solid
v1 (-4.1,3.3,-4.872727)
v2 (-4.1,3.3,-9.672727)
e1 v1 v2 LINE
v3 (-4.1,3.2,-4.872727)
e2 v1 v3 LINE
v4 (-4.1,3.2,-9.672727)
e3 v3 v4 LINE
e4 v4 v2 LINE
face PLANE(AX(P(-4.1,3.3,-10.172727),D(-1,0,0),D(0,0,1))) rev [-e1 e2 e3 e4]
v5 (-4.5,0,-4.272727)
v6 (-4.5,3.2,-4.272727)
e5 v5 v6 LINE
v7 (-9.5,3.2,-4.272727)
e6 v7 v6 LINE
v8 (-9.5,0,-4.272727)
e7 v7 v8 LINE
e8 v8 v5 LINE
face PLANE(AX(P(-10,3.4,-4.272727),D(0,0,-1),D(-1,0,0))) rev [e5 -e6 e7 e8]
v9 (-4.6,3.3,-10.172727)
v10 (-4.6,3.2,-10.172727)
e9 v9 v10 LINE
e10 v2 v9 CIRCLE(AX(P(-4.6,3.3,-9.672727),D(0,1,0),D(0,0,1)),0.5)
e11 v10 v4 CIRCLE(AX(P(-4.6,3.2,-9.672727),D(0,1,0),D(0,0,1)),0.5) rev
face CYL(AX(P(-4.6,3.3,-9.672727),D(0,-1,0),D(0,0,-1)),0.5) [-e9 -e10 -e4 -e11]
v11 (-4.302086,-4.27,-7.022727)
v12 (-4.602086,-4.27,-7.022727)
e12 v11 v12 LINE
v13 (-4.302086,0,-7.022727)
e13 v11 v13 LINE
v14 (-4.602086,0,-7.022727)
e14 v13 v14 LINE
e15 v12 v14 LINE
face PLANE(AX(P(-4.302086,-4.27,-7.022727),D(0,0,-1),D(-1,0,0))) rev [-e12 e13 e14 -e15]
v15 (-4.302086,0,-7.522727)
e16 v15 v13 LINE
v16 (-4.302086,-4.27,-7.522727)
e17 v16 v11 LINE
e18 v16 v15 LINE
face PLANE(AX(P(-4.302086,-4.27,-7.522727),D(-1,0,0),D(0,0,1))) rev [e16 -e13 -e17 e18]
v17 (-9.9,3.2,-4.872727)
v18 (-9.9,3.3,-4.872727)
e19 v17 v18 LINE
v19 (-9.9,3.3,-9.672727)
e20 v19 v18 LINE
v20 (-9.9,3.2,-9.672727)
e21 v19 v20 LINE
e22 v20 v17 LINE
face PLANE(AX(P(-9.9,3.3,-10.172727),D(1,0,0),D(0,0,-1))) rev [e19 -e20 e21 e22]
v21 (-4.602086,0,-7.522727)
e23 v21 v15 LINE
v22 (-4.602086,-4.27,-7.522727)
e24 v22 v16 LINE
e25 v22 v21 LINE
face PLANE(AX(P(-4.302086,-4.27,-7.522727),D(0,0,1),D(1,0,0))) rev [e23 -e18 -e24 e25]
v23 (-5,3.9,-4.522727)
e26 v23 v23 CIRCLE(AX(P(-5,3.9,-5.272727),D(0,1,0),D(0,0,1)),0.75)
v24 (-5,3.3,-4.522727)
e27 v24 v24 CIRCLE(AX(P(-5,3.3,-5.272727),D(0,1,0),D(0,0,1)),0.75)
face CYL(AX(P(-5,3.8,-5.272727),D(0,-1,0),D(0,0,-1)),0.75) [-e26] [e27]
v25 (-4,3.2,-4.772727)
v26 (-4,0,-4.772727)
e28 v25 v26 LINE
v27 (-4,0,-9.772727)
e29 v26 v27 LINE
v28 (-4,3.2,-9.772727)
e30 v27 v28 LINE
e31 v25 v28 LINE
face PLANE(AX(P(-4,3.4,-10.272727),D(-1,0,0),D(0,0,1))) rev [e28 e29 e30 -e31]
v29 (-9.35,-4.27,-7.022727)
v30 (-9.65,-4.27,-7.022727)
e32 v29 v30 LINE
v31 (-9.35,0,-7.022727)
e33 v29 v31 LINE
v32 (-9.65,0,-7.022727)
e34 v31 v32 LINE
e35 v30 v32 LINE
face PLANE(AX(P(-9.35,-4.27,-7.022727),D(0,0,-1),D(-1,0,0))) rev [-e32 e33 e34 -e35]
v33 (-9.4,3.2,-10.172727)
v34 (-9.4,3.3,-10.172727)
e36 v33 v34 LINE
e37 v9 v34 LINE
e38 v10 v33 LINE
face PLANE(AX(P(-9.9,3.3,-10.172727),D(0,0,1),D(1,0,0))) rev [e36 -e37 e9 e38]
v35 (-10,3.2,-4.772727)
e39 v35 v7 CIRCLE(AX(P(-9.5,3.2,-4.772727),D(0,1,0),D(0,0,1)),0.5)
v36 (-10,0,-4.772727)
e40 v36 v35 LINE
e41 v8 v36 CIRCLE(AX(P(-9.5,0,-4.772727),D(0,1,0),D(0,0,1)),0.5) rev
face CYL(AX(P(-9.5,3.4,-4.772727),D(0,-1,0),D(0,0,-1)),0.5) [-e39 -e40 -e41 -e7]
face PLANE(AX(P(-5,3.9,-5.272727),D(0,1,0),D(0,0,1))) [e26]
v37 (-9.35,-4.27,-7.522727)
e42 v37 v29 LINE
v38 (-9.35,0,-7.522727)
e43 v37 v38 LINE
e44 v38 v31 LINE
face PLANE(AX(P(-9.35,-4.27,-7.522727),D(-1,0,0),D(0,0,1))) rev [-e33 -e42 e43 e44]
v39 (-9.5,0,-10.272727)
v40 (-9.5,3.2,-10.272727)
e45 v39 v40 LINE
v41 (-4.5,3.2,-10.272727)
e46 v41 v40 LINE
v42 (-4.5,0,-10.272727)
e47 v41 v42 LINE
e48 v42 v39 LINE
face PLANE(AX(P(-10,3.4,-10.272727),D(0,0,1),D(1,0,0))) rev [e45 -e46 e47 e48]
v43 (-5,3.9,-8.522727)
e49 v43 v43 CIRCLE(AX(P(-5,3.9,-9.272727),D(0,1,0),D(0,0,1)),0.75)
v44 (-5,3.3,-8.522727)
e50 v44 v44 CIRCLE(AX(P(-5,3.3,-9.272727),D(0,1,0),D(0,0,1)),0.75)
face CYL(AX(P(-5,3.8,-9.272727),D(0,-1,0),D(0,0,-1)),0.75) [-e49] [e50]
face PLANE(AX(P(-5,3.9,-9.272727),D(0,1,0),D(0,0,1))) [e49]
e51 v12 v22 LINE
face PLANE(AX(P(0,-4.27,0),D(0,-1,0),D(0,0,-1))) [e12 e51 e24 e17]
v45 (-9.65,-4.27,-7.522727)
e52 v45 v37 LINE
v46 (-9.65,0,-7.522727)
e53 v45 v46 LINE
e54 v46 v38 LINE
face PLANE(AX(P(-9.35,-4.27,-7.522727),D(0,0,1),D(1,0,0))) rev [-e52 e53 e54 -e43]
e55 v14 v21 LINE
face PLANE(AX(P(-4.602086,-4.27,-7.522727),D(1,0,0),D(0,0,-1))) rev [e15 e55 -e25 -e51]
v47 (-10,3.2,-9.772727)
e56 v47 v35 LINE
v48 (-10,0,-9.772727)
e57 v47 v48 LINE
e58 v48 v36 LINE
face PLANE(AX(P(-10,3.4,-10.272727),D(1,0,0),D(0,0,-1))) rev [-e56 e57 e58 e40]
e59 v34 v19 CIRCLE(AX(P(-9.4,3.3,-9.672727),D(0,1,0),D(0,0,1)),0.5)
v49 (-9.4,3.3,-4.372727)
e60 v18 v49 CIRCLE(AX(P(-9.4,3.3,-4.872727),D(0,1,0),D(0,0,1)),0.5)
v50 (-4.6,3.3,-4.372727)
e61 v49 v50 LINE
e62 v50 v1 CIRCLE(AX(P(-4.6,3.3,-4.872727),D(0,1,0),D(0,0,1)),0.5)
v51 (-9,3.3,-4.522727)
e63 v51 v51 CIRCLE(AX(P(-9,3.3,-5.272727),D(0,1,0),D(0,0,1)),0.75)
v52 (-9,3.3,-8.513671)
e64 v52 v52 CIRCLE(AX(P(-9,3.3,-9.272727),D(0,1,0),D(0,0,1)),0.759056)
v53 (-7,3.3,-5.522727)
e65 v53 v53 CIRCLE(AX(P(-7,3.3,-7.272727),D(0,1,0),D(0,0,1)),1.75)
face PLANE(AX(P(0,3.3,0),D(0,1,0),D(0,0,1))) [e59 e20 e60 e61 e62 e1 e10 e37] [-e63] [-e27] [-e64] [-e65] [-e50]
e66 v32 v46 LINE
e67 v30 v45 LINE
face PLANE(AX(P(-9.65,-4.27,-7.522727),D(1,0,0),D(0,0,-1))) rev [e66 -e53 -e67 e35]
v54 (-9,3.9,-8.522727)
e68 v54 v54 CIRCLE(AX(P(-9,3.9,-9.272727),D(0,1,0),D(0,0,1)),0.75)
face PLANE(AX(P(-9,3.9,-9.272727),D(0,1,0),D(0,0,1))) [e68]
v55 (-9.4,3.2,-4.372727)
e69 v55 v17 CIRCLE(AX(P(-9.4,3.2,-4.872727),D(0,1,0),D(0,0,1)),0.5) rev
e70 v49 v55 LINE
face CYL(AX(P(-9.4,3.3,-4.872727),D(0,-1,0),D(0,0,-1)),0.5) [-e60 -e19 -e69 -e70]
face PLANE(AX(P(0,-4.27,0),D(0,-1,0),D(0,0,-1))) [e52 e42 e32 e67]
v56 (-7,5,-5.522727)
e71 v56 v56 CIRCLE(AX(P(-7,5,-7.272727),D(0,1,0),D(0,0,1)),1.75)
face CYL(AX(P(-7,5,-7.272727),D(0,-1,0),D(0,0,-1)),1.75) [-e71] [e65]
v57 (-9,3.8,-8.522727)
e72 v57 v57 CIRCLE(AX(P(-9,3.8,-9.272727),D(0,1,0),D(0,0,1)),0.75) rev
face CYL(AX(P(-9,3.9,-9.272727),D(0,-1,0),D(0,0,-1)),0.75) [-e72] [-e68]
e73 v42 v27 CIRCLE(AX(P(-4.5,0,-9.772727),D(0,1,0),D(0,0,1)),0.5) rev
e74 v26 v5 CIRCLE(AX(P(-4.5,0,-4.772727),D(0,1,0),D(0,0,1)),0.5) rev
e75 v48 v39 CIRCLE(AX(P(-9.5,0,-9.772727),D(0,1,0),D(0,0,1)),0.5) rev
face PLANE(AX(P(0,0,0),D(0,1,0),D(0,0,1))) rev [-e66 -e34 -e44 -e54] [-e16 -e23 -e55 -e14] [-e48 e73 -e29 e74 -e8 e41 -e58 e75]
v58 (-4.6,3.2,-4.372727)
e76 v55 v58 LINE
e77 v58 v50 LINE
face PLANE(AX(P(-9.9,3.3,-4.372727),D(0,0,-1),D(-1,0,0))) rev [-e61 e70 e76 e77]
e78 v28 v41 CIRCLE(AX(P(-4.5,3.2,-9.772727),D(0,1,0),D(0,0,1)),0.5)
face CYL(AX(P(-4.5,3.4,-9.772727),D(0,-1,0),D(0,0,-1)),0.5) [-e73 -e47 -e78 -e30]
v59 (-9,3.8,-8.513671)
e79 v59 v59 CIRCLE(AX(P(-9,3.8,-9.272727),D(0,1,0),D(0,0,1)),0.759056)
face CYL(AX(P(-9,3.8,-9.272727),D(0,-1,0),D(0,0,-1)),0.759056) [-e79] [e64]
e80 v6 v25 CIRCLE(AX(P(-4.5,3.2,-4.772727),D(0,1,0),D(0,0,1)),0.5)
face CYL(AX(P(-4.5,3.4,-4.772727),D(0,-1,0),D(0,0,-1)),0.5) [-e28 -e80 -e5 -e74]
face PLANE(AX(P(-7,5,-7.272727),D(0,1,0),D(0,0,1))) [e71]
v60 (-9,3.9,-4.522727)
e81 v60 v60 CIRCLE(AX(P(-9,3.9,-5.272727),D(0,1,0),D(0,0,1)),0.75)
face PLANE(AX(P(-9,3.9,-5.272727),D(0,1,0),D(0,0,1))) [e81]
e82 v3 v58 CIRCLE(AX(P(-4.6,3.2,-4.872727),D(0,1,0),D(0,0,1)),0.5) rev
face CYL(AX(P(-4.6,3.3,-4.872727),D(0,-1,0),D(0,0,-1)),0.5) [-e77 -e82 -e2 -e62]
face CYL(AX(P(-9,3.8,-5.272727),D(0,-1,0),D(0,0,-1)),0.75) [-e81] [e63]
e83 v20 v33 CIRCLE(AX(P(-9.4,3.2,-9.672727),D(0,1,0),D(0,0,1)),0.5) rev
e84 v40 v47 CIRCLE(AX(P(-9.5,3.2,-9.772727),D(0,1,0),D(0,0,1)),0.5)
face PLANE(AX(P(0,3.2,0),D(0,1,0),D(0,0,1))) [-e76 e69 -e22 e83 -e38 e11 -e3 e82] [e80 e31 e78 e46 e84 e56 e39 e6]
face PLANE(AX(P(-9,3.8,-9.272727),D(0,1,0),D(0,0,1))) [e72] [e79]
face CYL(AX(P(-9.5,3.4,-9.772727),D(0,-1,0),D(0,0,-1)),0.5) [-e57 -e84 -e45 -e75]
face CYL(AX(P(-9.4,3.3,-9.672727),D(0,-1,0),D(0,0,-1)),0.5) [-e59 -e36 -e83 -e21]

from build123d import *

# Parameters (mm, degrees)
ESBO_O1_W                = 6
ESBO_O1_H                = 6
RESSALTO_EXTRUS_O1_DEPTH = 3.4
ESBO_O2_R                = 1.75
RESSALTO_EXTRUS_O2_DEPTH = 1.6
ESBO_O3_R                = 0.75
RESSALTO_EXTRUS_O3_DEPTH = 0.5
ESBO_O5_W                = 0.3
ESBO_O5_H                = 0.5
RESSALTO_EXTRUS_O4_DEPTH = 4.27
ESBO_O6_W                = 6
ESBO_O6_H                = 6
CORTE_EXTRUS_O1_DEPTH    = 0.6
ESBO_O7_W                = 6
ESBO_O7_H                = 6
RESSALTO_EXTRUS_O5_DEPTH = 0.6
ESBO_O9_W                = 6
ESBO_O9_H                = 6
CORTE_EXTRUS_O2_DEPTH    = 0.2
ESBO_O10_W               = 5.8
ESBO_O10_H               = 5.8
RESSALTO_EXTRUS_O6_DEPTH = 0.1
FILETE3_R                = 0.5
FILETE4_R                = 0.5
ESBO_O12_R               = 1.75
ESBO_O12_R_2             = 0.759056116
ESBO_O12_R_3             = 0.75
RESSALTO_EXTRUS_O7_DEPTH = 0.5


with BuildPart() as part:
    # Esboço1 → Ressalto-extrusão1 (new body)
    with BuildSketch(Plane(origin=(0, 0, 0), x_dir=(1, 0, 0), z_dir=(0, 1, 0))):
        with Locations((-7, 7.272727273)):
            Rectangle(ESBO_O1_W, ESBO_O1_H)
    extrude(amount=RESSALTO_EXTRUS_O1_DEPTH)

    # Esboço2 → Ressalto-extrusão2 (add)
    with BuildSketch(Plane(origin=(0, 3.4, 0), x_dir=(1, 0, 0), z_dir=(0, 1, 0))):
        with Locations((-7, 7.272727273)):
            Circle(ESBO_O2_R)
    extrude(amount=RESSALTO_EXTRUS_O2_DEPTH)

    # Esboço3 → Ressalto-extrusão3 (add)
    with BuildSketch(Plane(origin=(0, 3.4, 0), x_dir=(1, 0, 0), z_dir=(0, 1, 0))):
        with Locations((-9, 9.272727273)):
            Circle(ESBO_O3_R)
        with Locations((-5, 9.272727273)):
            Circle(ESBO_O3_R)
        with Locations((-9, 5.272727273)):
            Circle(ESBO_O3_R)
        with Locations((-5, 5.272727273)):
            Circle(ESBO_O3_R)
    extrude(amount=RESSALTO_EXTRUS_O3_DEPTH)

    # Esboço5 → Ressalto-extrusão4 (add)
    with BuildSketch(Plane.XZ):
        with Locations((-9.5, -7.272727273)):
            Rectangle(ESBO_O5_W, ESBO_O5_H)
        with Locations((-4.452085856, -7.272727273)):
            Rectangle(ESBO_O5_W, ESBO_O5_H)
    extrude(amount=RESSALTO_EXTRUS_O4_DEPTH)

    # Esboço6 → Corte-extrusão1 (cut)
    with BuildSketch(Plane(origin=(0, 3.4, 0), x_dir=(1, 0, 0), z_dir=(0, 1, 0))):
        with Locations((-7, 7.272727273)):
            Rectangle(ESBO_O6_W, ESBO_O6_H)
    extrude(amount=-CORTE_EXTRUS_O1_DEPTH, mode=Mode.SUBTRACT)

    # Esboço7 → Ressalto-extrusão5 (add)
    with BuildSketch(Plane(origin=(0, 2.8, 0), x_dir=(1, 0, 0), z_dir=(0, 1, 0))):
        with Locations((-7, 7.272727273)):
            Rectangle(ESBO_O7_W, ESBO_O7_H)
    extrude(amount=RESSALTO_EXTRUS_O5_DEPTH)

    # Esboço9 → Corte-extrusão2 (cut)
    with BuildSketch(Plane(origin=(0, 3.4, 0), x_dir=(1, 0, 0), z_dir=(0, 1, 0))):
        with Locations((-7, 7.272727273)):
            Rectangle(ESBO_O9_W, ESBO_O9_H)
    extrude(amount=-CORTE_EXTRUS_O2_DEPTH, mode=Mode.SUBTRACT)

    # Esboço10 → Ressalto-extrusão6 (add)
    with BuildSketch(Plane(origin=(0, 3.2, 0), x_dir=(1, 0, 0), z_dir=(0, 1, 0))):
        with Locations((-7, 7.272727273)):
            Rectangle(ESBO_O10_W, ESBO_O10_H)
    extrude(amount=RESSALTO_EXTRUS_O6_DEPTH)

    # Filete3
    filete3_edges = [part.edges().sort_by_distance(p)[0] for p in [
        (-9.9, 3.25, -10.172727273),
        (-9.9, 3.25, -4.372727273),
        (-4.1, 3.25, -4.372727273),
        (-4.1, 3.25, -10.172727273),
    ]]
    fillet(filete3_edges, radius=FILETE3_R)

    # Filete4
    filete4_edges = [part.edges().sort_by_distance(p)[0] for p in [
        (-10, 1.6, -10.272727273),
        (-10, 1.6, -4.272727273),
        (-4, 1.6, -4.272727273),
        (-4, 1.6, -10.272727273),
    ]]
    fillet(filete4_edges, radius=FILETE4_R)

    # Esboço12 → Ressalto-extrusão7 (add)
    with BuildSketch(Plane(origin=(0, 3.3, 0), x_dir=(1, 0, 0), z_dir=(0, 1, 0))):
        with Locations((-7, 7.272727273)):
            Circle(ESBO_O12_R)
        with Locations((-9, 9.272727273)):
            Circle(ESBO_O12_R_2)
        with Locations((-5, 9.272727273)):
            Circle(ESBO_O12_R_3)
        with Locations((-5, 5.272727273)):
            Circle(ESBO_O12_R_3)
        with Locations((-9, 5.272727273)):
            Circle(ESBO_O12_R_3)
    extrude(amount=RESSALTO_EXTRUS_O7_DEPTH)


solid = part.part
